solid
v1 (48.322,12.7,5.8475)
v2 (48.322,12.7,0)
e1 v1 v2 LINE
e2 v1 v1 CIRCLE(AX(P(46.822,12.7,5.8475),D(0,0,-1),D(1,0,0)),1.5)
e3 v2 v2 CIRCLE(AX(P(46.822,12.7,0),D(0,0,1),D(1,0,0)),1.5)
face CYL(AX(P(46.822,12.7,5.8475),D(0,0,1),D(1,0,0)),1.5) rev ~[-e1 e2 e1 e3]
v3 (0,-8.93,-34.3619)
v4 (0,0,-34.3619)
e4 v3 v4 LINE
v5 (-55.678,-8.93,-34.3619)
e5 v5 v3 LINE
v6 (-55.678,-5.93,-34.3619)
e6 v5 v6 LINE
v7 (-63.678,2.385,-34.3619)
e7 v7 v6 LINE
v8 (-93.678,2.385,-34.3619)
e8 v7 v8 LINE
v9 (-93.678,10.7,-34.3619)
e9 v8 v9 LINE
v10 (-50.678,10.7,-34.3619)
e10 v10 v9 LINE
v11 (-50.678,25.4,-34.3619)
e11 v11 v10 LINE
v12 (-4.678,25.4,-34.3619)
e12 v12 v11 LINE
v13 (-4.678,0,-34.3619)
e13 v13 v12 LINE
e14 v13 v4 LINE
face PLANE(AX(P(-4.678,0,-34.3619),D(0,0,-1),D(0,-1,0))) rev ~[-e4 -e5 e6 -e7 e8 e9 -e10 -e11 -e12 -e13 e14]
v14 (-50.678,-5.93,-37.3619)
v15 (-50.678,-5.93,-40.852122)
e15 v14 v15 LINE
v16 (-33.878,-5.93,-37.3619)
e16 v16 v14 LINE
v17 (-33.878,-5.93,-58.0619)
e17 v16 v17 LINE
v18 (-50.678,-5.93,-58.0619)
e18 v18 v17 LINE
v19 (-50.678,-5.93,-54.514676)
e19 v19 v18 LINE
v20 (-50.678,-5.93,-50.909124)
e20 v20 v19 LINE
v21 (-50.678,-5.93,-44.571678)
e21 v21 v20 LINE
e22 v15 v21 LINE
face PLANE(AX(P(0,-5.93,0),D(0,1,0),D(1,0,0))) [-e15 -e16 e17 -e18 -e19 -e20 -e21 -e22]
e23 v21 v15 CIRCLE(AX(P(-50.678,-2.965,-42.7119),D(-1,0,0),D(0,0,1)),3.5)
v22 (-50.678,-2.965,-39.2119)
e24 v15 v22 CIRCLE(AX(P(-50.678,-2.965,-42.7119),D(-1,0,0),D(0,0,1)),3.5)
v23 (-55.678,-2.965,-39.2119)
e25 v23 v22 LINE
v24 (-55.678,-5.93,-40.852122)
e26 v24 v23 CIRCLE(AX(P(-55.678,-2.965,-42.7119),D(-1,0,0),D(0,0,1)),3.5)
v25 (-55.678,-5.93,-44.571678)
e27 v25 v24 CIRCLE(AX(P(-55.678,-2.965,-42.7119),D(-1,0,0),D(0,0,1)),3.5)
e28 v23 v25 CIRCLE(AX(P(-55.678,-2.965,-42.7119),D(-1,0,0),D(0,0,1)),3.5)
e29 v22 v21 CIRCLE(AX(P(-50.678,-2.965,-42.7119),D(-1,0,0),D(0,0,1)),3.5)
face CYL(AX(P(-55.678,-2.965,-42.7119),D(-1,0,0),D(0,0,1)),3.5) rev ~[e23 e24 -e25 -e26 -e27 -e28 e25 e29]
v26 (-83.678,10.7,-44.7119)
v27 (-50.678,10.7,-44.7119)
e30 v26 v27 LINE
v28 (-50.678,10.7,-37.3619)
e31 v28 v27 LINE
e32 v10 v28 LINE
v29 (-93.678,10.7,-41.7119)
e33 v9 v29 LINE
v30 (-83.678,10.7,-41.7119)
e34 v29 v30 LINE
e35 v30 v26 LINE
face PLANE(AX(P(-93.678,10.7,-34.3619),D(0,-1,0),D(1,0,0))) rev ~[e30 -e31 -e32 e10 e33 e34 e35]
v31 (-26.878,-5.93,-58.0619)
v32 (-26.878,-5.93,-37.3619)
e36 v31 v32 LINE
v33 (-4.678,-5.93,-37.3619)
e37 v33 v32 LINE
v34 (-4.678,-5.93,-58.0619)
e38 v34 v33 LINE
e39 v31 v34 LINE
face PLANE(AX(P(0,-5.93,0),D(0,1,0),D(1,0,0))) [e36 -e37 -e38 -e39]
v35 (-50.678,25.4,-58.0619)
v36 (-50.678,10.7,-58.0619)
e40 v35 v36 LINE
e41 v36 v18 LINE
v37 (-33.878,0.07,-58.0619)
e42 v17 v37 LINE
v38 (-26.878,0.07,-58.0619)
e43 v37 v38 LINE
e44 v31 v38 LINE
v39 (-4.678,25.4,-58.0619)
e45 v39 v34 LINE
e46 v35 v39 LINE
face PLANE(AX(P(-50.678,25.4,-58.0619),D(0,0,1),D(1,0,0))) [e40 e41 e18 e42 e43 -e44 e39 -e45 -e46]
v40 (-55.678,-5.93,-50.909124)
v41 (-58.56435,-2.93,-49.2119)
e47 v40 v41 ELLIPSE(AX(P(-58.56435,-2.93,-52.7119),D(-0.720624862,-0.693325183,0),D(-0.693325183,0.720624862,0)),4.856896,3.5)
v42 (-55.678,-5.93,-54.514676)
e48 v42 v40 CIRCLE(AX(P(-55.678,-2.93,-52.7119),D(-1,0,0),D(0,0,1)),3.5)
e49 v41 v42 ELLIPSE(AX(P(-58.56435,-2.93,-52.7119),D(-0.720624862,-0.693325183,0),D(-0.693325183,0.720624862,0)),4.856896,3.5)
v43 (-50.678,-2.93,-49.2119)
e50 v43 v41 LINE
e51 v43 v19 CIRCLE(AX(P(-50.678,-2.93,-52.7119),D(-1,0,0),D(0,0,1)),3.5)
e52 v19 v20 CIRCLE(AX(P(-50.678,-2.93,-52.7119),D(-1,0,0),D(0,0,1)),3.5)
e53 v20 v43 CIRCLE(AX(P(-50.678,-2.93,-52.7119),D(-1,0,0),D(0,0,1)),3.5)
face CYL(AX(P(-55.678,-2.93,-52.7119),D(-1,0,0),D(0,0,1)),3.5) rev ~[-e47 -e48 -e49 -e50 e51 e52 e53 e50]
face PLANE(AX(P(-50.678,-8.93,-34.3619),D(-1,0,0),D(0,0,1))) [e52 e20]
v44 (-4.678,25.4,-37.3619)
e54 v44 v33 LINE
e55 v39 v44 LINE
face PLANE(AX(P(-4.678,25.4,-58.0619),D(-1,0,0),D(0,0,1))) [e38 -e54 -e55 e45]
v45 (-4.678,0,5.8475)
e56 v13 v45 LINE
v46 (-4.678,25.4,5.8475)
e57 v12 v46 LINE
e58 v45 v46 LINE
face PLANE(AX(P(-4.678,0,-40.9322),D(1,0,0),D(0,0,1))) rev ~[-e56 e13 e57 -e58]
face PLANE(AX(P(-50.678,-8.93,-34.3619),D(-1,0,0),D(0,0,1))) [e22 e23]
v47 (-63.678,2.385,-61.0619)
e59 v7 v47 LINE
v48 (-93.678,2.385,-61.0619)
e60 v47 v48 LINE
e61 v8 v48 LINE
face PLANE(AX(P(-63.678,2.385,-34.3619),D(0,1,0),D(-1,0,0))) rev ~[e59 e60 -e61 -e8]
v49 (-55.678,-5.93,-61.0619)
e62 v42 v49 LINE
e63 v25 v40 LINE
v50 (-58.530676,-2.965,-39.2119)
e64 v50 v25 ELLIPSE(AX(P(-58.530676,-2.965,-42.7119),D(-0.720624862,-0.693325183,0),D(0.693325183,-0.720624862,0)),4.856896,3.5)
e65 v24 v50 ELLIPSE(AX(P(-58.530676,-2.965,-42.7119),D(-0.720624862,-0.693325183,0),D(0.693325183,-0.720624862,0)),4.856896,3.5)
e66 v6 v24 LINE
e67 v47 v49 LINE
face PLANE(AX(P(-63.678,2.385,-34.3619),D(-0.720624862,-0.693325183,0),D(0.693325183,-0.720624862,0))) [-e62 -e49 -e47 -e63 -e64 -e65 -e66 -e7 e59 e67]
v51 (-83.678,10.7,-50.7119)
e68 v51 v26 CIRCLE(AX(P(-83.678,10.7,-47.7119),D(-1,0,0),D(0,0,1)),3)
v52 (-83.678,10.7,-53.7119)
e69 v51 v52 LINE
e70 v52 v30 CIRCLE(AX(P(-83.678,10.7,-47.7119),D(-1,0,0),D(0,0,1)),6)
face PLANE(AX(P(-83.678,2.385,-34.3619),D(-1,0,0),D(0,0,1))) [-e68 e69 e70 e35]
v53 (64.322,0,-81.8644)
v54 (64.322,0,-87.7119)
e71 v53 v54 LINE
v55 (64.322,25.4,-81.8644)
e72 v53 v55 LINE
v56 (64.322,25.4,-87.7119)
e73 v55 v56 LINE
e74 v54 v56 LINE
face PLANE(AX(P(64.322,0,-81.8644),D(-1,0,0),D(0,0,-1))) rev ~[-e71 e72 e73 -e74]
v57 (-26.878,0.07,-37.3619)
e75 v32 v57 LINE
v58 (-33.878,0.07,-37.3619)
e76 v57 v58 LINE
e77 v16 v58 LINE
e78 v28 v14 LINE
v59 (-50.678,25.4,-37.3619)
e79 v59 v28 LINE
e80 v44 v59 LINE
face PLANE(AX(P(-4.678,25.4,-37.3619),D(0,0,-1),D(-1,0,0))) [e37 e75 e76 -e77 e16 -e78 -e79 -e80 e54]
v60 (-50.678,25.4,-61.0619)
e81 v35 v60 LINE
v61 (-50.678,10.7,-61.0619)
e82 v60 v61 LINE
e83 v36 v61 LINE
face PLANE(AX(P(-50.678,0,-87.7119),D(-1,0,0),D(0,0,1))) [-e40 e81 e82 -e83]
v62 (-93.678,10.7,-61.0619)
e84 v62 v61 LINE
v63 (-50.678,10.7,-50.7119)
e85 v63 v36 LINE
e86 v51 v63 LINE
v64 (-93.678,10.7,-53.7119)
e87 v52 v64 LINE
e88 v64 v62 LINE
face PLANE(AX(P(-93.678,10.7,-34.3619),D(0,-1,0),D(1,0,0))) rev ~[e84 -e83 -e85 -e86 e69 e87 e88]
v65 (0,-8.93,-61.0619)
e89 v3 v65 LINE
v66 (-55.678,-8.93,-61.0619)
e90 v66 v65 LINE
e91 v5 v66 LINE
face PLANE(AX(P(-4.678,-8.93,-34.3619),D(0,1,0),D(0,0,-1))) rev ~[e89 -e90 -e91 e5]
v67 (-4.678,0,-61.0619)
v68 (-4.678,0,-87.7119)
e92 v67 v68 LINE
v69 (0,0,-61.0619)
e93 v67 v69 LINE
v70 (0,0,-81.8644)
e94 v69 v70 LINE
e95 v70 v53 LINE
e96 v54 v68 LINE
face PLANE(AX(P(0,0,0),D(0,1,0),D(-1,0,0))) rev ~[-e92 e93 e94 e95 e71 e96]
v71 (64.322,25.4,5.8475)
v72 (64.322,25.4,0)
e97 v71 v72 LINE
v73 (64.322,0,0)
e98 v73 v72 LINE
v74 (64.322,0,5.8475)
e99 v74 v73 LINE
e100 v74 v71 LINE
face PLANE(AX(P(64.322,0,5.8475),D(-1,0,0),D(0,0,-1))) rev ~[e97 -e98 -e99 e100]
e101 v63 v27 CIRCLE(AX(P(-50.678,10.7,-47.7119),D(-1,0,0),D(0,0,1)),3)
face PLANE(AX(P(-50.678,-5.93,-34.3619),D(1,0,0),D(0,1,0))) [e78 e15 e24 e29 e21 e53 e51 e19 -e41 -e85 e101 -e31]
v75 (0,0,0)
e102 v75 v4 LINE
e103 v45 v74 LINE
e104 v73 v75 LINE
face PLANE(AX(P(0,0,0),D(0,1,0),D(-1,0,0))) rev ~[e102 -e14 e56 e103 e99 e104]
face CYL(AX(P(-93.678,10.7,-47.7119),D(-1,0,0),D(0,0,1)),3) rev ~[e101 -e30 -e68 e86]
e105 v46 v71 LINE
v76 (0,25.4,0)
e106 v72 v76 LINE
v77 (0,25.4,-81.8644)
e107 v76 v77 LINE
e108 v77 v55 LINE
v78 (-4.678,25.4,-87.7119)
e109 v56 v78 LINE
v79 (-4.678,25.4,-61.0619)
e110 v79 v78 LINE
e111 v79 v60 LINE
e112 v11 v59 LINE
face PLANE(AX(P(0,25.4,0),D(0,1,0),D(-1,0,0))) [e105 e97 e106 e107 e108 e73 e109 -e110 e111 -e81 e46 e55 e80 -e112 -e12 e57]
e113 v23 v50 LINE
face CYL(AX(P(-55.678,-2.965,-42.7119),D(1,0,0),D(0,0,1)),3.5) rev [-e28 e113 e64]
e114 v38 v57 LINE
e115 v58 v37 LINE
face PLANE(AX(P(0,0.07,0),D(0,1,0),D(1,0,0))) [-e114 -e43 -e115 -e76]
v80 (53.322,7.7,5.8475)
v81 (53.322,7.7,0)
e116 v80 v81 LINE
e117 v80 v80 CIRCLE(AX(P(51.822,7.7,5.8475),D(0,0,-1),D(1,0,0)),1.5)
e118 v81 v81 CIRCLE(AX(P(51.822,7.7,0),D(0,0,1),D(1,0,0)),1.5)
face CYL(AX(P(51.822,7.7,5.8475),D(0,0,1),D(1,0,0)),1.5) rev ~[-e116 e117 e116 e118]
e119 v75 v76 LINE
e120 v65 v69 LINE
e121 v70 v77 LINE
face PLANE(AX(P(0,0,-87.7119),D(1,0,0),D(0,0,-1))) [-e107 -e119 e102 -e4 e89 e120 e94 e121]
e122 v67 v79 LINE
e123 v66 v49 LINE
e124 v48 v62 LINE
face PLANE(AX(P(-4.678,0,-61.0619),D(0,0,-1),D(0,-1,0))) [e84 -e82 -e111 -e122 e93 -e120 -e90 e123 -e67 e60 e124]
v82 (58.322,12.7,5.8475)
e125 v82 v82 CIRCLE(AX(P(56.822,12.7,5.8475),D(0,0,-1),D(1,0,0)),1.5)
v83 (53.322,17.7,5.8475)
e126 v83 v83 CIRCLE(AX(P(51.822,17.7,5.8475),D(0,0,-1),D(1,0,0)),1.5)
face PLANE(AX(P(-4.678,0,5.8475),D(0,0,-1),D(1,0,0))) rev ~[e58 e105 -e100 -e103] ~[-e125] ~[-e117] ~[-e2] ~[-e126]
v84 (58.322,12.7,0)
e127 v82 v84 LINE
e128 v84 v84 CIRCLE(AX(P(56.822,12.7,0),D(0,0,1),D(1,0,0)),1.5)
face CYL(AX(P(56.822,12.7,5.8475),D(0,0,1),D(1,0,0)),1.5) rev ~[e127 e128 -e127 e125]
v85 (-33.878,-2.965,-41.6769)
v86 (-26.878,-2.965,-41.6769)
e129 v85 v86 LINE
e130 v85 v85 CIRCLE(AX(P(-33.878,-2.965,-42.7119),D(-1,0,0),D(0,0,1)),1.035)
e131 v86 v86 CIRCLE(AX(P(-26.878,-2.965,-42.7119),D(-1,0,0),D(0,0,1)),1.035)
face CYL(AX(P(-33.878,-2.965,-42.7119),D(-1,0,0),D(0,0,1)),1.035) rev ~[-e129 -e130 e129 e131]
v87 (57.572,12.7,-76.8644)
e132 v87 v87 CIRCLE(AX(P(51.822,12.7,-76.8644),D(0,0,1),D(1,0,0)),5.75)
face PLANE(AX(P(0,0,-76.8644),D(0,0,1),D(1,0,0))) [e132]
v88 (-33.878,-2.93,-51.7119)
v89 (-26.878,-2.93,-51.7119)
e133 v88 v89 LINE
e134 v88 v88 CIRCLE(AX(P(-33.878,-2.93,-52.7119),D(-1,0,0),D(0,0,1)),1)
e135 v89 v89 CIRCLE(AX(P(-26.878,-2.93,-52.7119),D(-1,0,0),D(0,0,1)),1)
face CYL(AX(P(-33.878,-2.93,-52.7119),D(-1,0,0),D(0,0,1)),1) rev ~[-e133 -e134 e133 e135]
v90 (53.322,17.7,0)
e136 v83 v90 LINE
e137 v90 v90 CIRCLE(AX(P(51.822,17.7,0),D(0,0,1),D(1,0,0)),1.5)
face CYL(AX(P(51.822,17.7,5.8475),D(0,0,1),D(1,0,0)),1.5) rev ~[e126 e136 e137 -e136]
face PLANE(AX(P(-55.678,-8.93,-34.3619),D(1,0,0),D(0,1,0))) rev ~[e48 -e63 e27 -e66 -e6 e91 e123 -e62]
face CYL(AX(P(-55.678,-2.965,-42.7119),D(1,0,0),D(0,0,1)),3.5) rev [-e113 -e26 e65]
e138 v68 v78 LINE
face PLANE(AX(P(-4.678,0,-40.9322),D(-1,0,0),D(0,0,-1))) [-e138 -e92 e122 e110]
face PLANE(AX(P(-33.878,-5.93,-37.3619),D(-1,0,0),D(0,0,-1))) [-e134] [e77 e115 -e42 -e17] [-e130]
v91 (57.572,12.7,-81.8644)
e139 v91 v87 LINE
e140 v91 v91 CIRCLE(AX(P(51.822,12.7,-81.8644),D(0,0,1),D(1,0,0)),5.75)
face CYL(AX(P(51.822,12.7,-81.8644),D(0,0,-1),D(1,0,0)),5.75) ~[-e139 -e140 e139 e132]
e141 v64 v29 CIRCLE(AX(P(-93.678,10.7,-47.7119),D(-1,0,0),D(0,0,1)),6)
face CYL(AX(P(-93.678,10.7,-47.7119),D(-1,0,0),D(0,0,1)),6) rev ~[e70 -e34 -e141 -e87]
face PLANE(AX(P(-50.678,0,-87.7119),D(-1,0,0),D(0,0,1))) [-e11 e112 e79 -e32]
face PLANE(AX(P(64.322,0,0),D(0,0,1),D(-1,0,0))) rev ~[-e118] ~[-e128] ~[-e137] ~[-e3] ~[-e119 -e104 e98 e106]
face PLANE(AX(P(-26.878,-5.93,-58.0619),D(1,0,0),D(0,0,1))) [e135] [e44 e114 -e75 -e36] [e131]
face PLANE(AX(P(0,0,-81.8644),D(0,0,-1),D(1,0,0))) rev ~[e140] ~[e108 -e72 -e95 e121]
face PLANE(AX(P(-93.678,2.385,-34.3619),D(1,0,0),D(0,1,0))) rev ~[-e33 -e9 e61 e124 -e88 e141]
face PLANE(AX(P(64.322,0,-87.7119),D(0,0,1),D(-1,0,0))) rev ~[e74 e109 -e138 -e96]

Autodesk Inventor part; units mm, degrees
ref_plane "YZ Plane" through (0, 0, 0) normal (1, 0, 0) x (0, 1, 0)
ref_plane "XZ Plane" through (0, 0, 0) normal (0, 1, 0) x (-1, 0, 0)
ref_plane "XY Plane" through (0, 0, 0) normal (0, 0, 1) x (1, 0, 0)
sketch "Sketch1" plane through (0, 0, 0) normal (0, 1, 0) x (-1, 0, 0)
  line L0 (0, 0) -> (0, -81.8644)
  line L1 (4.678, -40.9322) -> (4.678, 5.8475)
  line L2 (4.678, -40.9322) -> (4.678, -87.7119)
  line L3 (4.678, 5.8475) -> (-64.322, 5.8475)
  line L4 (-64.322, 5.8475) -> (-64.322, 0)
  line L5 (-64.322, 0) -> (0, 0)
  line L6 (0, -81.8644) -> (-64.322, -81.8644)
  line L7 (-64.322, -81.8644) -> (-64.322, -87.7119)
  line L8 (-64.322, -87.7119) -> (4.678, -87.7119)
  dimension "d4" = 69
extrude "Extrusion1" add sketch "Sketch1" along normal blind 25.4
sketch "Sketch2" plane through (-4.678, 0, -87.7119) normal (-1, 0, 0) x (0, 0, 1)
  line L0 (87.7119, 25.4) -> (5.8475, 25.4) projected
  line L1 (87.7119, 0) -> (5.8475, 0) projected
  line L2 (40, -8.93) -> (50.35, -8.93)
  line L3 (50.35, -8.93) -> (53.35, -8.93)
  line L4 (40, -8.93) -> (29.65, -8.93)
  line L5 (29.65, -8.93) -> (26.65, -8.93)
  line L6 (53.35, -8.93) -> (53.35, 25.4)
  line L7 (26.65, -8.93) -> (26.65, 25.4)
  line L8 (26.65, 25.4) -> (53.35, 25.4)
  dimension "d19" = 3
  dimension "d20" = 10.35
  dimension "d26" = 34.33
extrude "Extrusion2" add sketch "Sketch2" along normal blind 46
sketch "Sketch3" plane through (0, 25.4, 0) normal (0, 1, 0) x (1, 0, 0)
  line L0 (-50.678, 34.3619) -> (-50.678, 61.0619) projected
  line L1 (-50.678, 47.7119) -> (-50.678, 58.0619)
  line L2 (-50.678, 47.7119) -> (-50.678, 37.3619)
  line L3 (-50.678, 58.0619) -> (-4.678, 58.0619)
  line L4 (-4.678, 61.0619) -> (-4.678, 34.3619) projected
  line L5 (-4.678, 58.0619) -> (-4.678, 37.3619)
  line L6 (-4.678, 37.3619) -> (-50.678, 37.3619)
  point P0 (0, 0)
  dimension "d24" = 10.35
  dimension "d25" = 10.35
extrude "Extrusion3" cut sketch "Sketch3" against normal blind 31.33
sketch "Sketch4" plane through (0, -5.93, 0) normal (0, 1, 0) x (1, 0, 0)
  line L0 (-50.678, 61.0619) -> (-50.678, 34.3619) projected
  line L1 (-33.878, 47.7119) -> (-33.878, 58.0619)
  line L2 (-50.678, 58.0619) -> (-4.678, 58.0619) projected
  line L3 (-33.878, 58.0619) -> (-26.878, 58.0619)
  line L4 (-26.878, 58.0619) -> (-26.878, 37.3619)
  line L5 (-4.678, 37.3619) -> (-50.678, 37.3619) projected
  line L6 (-26.878, 37.3619) -> (-33.878, 37.3619)
  line L7 (-33.878, 37.3619) -> (-33.878, 47.7119)
  point P0 (0, 0)
  dimension "d30" = 7
extrude "Extrusion4" add sketch "Sketch4" along normal blind 6 contours L2 L4 L5 L7 L1
sketch "Sketch5" plane through (-33.878, -5.93, -58.0619) normal (-1, 0, 0) x (0, 0, 1)
  line L0 (20.7, 0) -> (20.7, 5.93) projected
  line L1 (0, 6) -> (0, 0) projected
  circle A0 centre (5.35, 3) radius 1
  circle A1 centre (15.35, 2.965) radius 1.035
  point P0 (58.0619, 5.93)
  dimension "d35" = 2
extrude "Extrusion5" cut sketch "Sketch5" against normal through all
sketch "Sketch6" plane through (-4.678, -8.93, -34.3619) normal (0, 0, 1) x (1, 0, 0)
  line L0 (-29.2, 3) -> (-46, 3) projected
  line L1 (0, 0) -> (-46, 0) projected
  line L2 (-46, 0) -> (-51, 0)
  line L3 (-51, 0) -> (-51, 3)
  line L4 (-59, 11.315) -> (-51, 3)
  line L5 (-51, 19.63) -> (-46, 19.63)
  line L6 (-46, 0) -> (-46, 34.33) projected
  line L7 (69, 8.93) -> (69, 34.33) projected
  line L8 (-59, 11.315) -> (-89, 11.315)
  line L9 (-89, 11.315) -> (-89, 19.63)
  line L10 (-89, 19.63) -> (-51, 19.63)
  point P0 (4.678, 8.93)
  dimension "d41" = 5
  dimension "d42" = 16.63
  dimension "d46" = 30
extrude "Extrusion6" add sketch "Sketch6" against normal up to surface (26.7 mm away)
sketch "Sketch7" plane through (-93.678, 2.385, -34.3619) normal (-1, 0, 0) x (0, 0, 1)
  line L0 (-3, 8.315) -> (-23.7, 8.315) projected
  circle A0 centre (-13.35, 8.315) radius 3
  point P0 (34.3619, -2.385)
  point P1 (-16.35, 8.315)
  point P2 (-10.35, 8.315)
  dimension "d49" = 6
extrude "Extrusion7" cut sketch "Sketch7" against normal up to surface (43 mm away) contours A0 L0 picked at (-13.9181, 7.492)
sketch "Sketch8" plane through (-93.678, 2.385, -34.3619) normal (-1, 0, 0) x (0, 0, 1)
  arc A0 (-16.35, 8.315) -> (-10.35, 8.315) centre (-13.35, 8.315) ccw projected
  circle A1 centre (-13.35, 8.315) radius 6
  point P0 (34.3619, -2.385)
  dimension "d52" = 12
extrude "Extrusion8" cut sketch "Sketch8" against normal blind 10
sketch "Sketch9" plane through (-55.678, -8.93, -34.3619) normal (-1, 0, 0) x (0, 0, 1)
  circle A0 centre (-8.35, 5.965) radius 3.5
  circle A1 centre (-18.35, 6) radius 1 projected
  circle A2 centre (-18.35, 6) radius 3.5
  point P0 (34.3619, 8.93)
  dimension "d55" = 7
  dimension "d56" = 7
extrude "Extrusion9" cut sketch "Sketch9" along normal blind 7 and the other way blind 5 contours A0 | A1 | A2
sketch "Sketch10" plane through (-4.678, 0, -87.7119) normal (1, 0, 0) x (0, 0, -1)
  line L0 (-53.35, -5.93) -> (-53.35, -8.93) projected
  line L1 (-50.35, 10.7) -> (-50.35, -5.93) projected
  line L2 (-53.35, -8.93) -> (-50.35, -8.93)
  line L3 (-50.35, -5.93) -> (-50.35, 0)
  line L4 (-50.35, 0) -> (-53.35, 0)
  line L5 (-53.35, 0) -> (-53.35, -8.93)
  line L6 (-26.65, -5.93) -> (-26.65, -8.93) projected
  line L7 (-29.65, -5.93) -> (-29.65, 10.7) projected
  line L8 (-26.65, -8.93) -> (-29.65, -8.93)
  line L9 (-29.65, -5.93) -> (-29.65, 0)
  line L10 (-29.65, 0) -> (-26.65, 0)
  line L11 (-26.65, 0) -> (-26.65, -8.93)
  line L12 (-29.65, -8.93) -> (-50.35, -8.93)
  line L13 (-50.35, 0) -> (-29.65, 0)
  line L14 (-29.65, 0) -> (-29.65, -5.93)
  line L15 (-50.35, -5.93) -> (-50.35, 0)
  point P0 (-87.7119, 0)
extrude "Extrusion10" add sketch "Sketch10" along normal up to surface (4.678 mm away)
sketch "Sketch13" plane through (0, 0, -81.8644) normal (0, 0, 1) x (1, 0, 0)
  line L0 (64.322, 0) -> (64.322, 25.4) projected
  circle A0 centre (51.822, 12.7) radius 5.75
  point P0 (0, 0)
  dimension "d76" = 11.5
extrude "Extrusion13" add sketch "Sketch13" along normal blind 5
sketch "Sketch14" plane through (-4.678, 0, 5.8475) normal (0, 0, 1) x (1, 0, 0)
  line L0 (69, 0) -> (69, 25.4) projected
  circle A0 centre (56.5, 12.7) radius 5.75 projected
  circle A1 centre (56.5, 17.7) radius 1.5
  circle A2 centre (51.5, 12.7) radius 1.5
  circle A3 centre (56.5, 7.7) radius 1.5
  circle A4 centre (61.5, 12.7) radius 1.5
  point P0 (4.678, 0)
  dimension "d80" = 3
  dimension "d83" = 360
extrude "Extrusion14" cut sketch "Sketch14" against normal up to surface (5.8475 mm away) contours A0 A4 | A0 A4 | A1 A0 | A0 A1 | A3 A0 | A0 A3 | A2 A0 | A0 A2
ref_plane "Work Plane6" through (-60.678, -5.93, -58.0619) normal (1, 0, 0) x (0, 0, -1)
properties part number "Joint2"
